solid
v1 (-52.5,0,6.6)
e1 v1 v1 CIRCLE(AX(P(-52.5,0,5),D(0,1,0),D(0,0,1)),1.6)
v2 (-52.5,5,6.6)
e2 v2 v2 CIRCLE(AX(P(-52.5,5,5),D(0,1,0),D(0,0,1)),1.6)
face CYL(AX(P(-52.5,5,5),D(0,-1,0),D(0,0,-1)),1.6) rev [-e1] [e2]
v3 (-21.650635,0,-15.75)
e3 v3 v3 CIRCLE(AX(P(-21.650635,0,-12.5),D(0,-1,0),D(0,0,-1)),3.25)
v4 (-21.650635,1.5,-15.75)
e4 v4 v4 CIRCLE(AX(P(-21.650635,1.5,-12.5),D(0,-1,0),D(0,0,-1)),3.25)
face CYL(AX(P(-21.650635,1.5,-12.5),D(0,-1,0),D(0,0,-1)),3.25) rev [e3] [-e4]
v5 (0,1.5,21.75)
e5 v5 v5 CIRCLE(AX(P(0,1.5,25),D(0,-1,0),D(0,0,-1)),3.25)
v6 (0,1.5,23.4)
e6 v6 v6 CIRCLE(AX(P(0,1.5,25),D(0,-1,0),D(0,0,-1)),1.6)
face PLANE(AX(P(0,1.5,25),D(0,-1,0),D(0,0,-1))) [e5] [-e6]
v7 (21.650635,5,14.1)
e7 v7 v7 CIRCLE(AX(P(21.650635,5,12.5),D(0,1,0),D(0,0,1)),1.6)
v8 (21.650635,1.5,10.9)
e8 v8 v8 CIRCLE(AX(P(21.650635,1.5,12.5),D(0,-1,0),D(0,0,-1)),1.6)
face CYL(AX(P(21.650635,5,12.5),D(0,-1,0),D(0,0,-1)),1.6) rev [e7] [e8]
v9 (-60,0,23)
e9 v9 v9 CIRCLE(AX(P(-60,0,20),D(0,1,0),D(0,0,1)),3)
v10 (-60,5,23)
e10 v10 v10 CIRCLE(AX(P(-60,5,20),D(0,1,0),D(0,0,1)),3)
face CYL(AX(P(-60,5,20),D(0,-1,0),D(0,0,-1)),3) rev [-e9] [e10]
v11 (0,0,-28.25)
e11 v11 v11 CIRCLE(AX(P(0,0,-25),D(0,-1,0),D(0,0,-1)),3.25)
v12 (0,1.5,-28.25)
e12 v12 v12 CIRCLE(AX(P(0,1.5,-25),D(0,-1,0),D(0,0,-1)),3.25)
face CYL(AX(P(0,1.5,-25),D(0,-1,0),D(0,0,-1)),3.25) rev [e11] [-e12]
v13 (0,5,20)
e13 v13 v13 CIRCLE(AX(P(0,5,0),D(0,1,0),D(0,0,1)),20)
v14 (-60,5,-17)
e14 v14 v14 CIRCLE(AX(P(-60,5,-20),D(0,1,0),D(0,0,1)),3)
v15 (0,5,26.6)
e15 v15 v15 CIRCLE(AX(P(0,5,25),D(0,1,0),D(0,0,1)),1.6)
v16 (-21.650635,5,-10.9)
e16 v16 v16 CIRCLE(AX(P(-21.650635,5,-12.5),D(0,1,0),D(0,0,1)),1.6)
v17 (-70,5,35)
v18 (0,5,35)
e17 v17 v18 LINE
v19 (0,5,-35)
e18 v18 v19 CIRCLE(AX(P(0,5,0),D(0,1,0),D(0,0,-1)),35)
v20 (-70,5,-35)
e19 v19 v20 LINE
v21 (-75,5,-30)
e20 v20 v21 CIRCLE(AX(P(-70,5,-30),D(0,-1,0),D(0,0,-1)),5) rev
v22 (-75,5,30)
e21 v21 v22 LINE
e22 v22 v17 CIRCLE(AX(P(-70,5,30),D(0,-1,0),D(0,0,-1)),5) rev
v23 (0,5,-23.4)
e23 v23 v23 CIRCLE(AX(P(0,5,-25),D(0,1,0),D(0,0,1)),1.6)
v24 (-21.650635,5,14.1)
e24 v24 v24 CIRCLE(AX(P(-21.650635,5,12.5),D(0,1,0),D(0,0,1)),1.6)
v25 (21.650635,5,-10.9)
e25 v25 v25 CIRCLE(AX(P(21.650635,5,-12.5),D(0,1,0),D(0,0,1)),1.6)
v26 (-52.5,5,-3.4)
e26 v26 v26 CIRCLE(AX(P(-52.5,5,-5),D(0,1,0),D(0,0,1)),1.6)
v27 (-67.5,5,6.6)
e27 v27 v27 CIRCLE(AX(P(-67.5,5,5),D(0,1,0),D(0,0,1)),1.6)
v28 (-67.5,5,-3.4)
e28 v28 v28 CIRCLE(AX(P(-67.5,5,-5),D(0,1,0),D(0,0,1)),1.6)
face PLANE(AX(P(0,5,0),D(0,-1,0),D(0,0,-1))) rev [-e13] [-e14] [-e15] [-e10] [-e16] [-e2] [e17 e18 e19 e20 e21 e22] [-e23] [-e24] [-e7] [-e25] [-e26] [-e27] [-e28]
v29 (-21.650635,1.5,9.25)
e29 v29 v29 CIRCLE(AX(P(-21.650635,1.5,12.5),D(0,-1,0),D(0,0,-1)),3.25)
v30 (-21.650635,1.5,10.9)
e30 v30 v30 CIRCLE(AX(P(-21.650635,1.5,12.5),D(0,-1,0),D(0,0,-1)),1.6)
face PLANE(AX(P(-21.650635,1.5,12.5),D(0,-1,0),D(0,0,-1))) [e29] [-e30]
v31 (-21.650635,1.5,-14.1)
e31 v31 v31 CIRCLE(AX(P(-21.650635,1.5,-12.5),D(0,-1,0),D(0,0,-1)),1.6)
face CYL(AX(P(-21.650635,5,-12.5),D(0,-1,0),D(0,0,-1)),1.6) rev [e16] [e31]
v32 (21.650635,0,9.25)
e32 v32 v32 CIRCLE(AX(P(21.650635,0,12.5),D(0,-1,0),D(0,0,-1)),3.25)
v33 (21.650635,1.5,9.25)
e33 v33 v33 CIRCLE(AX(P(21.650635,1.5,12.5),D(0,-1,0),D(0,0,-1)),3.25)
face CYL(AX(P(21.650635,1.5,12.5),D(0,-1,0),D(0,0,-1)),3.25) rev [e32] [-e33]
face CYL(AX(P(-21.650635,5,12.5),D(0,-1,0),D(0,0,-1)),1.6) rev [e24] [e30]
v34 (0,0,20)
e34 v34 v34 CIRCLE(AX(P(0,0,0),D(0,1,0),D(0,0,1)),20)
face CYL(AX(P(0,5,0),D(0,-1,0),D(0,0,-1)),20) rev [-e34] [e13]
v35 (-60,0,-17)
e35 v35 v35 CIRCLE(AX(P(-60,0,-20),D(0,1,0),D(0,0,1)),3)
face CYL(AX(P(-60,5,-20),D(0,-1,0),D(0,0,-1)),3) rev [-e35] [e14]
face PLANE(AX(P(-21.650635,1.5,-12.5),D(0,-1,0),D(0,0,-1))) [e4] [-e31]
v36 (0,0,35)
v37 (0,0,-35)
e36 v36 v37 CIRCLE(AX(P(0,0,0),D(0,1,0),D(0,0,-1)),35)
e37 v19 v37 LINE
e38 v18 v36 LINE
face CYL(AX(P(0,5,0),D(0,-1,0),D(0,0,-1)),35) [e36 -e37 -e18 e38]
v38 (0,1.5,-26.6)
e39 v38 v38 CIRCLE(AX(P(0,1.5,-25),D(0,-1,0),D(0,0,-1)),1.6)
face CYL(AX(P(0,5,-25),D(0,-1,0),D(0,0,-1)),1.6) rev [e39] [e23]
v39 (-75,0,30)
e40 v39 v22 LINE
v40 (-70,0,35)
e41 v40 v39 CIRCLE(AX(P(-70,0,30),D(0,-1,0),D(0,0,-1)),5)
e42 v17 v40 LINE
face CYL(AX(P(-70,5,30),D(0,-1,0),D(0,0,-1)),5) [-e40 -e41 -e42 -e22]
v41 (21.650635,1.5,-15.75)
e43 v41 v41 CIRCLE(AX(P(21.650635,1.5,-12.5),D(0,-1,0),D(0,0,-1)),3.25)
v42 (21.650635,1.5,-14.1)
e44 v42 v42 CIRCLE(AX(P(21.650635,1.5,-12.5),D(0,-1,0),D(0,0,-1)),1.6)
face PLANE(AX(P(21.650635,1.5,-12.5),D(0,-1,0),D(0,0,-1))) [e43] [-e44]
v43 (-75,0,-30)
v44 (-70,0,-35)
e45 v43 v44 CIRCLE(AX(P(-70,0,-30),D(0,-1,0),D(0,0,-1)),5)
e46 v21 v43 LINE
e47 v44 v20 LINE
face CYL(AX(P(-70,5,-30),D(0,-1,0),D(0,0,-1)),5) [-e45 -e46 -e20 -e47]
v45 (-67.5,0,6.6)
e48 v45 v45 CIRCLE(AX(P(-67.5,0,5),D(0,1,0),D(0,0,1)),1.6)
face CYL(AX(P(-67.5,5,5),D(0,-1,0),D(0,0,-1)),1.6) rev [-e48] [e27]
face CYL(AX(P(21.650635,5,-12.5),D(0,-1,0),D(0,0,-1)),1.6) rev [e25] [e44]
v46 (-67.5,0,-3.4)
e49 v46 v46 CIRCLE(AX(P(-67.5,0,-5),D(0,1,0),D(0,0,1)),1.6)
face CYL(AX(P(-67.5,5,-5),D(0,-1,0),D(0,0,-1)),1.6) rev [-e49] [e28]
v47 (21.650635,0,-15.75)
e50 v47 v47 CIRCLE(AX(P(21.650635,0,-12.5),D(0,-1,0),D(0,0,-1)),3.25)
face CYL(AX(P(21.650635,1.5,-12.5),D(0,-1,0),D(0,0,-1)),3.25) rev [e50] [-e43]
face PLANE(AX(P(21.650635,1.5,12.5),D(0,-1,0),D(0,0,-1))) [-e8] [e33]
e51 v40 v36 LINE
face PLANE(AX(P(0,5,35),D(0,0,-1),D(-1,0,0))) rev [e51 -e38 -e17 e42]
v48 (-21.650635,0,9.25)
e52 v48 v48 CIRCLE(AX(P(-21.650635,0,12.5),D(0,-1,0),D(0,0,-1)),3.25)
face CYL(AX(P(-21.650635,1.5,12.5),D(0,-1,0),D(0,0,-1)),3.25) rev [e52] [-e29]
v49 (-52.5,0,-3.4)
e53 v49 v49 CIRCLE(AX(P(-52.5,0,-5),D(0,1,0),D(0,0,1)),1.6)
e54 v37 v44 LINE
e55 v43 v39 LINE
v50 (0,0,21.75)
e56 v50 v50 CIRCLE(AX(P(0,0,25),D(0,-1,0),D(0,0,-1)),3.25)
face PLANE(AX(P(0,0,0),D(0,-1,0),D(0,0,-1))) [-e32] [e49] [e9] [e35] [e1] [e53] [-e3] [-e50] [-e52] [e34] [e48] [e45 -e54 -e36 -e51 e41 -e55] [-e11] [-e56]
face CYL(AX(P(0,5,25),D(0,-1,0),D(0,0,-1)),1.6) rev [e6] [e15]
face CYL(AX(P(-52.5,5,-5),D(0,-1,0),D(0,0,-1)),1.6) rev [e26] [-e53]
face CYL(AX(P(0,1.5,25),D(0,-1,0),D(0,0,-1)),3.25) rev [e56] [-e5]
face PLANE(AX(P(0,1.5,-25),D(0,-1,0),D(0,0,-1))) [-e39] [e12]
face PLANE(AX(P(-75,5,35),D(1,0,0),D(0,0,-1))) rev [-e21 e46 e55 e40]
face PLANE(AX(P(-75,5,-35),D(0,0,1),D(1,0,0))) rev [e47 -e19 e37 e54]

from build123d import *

# Parameters (mm, degrees)
SKETCH1_R           = 1.6
SKETCH1_R_2         = 20
SKETCH1_R_3         = 3
BOSS_EXTRUDE1_DEPTH = 5
FILLET1_R           = 5
SKETCH4_R           = 3.25
CUT_EXTRUDE2_DEPTH  = 1.5


with BuildPart() as part:
    # Sketch1 → Boss-Extrude1 (new body)
    with BuildSketch(Plane(origin=(0, 0, 0), x_dir=(1, 0, 0), z_dir=(0, 1, 0))):
        with BuildLine():
            Line((-75, 35), (0, 35))
            ThreePointArc((0, 35), (35, 0), (0, -35))
            Line((0, -35), (-75, -35))
            Line((-75, -35), (-75, 35))
        make_face()
        with Locations((0, 25)):
            Circle(SKETCH1_R, mode=Mode.SUBTRACT)
        with Locations((21.650635095, 12.5)):
            Circle(SKETCH1_R, mode=Mode.SUBTRACT)
        with Locations((21.650635095, -12.5)):
            Circle(SKETCH1_R, mode=Mode.SUBTRACT)
        with Locations((0, -25)):
            Circle(SKETCH1_R, mode=Mode.SUBTRACT)
        with Locations((-21.650635095, -12.5)):
            Circle(SKETCH1_R, mode=Mode.SUBTRACT)
        with Locations((-21.650635095, 12.5)):
            Circle(SKETCH1_R, mode=Mode.SUBTRACT)
        Circle(SKETCH1_R_2, mode=Mode.SUBTRACT)
        with Locations((-67.5, 5)):
            Circle(SKETCH1_R, mode=Mode.SUBTRACT)
        with Locations((-52.5, 5)):
            Circle(SKETCH1_R, mode=Mode.SUBTRACT)
        with Locations((-52.5, -5)):
            Circle(SKETCH1_R, mode=Mode.SUBTRACT)
        with Locations((-67.5, -5)):
            Circle(SKETCH1_R, mode=Mode.SUBTRACT)
        with Locations((-60, 20)):
            Circle(SKETCH1_R_3, mode=Mode.SUBTRACT)
        with Locations((-60, -20)):
            Circle(SKETCH1_R_3, mode=Mode.SUBTRACT)
    extrude(amount=BOSS_EXTRUDE1_DEPTH)

    # Fillet1
    fillet1_edges = [part.edges().sort_by_distance(p)[0] for p in [
        (-75, 2.5, -35),
        (-75, 2.5, 35),
    ]]
    fillet(fillet1_edges, radius=FILLET1_R)

    # Sketch4 → Cut-Extrude2 (cut)
    with BuildSketch(Plane.XZ):
        with Locations((0, 25)):
            Circle(SKETCH4_R)
        with Locations((21.650635095, 12.5)):
            Circle(SKETCH4_R)
        with Locations((21.650635095, -12.5)):
            Circle(SKETCH4_R)
        with Locations((0, -25)):
            Circle(SKETCH4_R)
        with Locations((-21.650635095, -12.5)):
            Circle(SKETCH4_R)
        with Locations((-21.650635095, 12.5)):
            Circle(SKETCH4_R)
    extrude(amount=-CUT_EXTRUDE2_DEPTH, mode=Mode.SUBTRACT)


solid = part.part
